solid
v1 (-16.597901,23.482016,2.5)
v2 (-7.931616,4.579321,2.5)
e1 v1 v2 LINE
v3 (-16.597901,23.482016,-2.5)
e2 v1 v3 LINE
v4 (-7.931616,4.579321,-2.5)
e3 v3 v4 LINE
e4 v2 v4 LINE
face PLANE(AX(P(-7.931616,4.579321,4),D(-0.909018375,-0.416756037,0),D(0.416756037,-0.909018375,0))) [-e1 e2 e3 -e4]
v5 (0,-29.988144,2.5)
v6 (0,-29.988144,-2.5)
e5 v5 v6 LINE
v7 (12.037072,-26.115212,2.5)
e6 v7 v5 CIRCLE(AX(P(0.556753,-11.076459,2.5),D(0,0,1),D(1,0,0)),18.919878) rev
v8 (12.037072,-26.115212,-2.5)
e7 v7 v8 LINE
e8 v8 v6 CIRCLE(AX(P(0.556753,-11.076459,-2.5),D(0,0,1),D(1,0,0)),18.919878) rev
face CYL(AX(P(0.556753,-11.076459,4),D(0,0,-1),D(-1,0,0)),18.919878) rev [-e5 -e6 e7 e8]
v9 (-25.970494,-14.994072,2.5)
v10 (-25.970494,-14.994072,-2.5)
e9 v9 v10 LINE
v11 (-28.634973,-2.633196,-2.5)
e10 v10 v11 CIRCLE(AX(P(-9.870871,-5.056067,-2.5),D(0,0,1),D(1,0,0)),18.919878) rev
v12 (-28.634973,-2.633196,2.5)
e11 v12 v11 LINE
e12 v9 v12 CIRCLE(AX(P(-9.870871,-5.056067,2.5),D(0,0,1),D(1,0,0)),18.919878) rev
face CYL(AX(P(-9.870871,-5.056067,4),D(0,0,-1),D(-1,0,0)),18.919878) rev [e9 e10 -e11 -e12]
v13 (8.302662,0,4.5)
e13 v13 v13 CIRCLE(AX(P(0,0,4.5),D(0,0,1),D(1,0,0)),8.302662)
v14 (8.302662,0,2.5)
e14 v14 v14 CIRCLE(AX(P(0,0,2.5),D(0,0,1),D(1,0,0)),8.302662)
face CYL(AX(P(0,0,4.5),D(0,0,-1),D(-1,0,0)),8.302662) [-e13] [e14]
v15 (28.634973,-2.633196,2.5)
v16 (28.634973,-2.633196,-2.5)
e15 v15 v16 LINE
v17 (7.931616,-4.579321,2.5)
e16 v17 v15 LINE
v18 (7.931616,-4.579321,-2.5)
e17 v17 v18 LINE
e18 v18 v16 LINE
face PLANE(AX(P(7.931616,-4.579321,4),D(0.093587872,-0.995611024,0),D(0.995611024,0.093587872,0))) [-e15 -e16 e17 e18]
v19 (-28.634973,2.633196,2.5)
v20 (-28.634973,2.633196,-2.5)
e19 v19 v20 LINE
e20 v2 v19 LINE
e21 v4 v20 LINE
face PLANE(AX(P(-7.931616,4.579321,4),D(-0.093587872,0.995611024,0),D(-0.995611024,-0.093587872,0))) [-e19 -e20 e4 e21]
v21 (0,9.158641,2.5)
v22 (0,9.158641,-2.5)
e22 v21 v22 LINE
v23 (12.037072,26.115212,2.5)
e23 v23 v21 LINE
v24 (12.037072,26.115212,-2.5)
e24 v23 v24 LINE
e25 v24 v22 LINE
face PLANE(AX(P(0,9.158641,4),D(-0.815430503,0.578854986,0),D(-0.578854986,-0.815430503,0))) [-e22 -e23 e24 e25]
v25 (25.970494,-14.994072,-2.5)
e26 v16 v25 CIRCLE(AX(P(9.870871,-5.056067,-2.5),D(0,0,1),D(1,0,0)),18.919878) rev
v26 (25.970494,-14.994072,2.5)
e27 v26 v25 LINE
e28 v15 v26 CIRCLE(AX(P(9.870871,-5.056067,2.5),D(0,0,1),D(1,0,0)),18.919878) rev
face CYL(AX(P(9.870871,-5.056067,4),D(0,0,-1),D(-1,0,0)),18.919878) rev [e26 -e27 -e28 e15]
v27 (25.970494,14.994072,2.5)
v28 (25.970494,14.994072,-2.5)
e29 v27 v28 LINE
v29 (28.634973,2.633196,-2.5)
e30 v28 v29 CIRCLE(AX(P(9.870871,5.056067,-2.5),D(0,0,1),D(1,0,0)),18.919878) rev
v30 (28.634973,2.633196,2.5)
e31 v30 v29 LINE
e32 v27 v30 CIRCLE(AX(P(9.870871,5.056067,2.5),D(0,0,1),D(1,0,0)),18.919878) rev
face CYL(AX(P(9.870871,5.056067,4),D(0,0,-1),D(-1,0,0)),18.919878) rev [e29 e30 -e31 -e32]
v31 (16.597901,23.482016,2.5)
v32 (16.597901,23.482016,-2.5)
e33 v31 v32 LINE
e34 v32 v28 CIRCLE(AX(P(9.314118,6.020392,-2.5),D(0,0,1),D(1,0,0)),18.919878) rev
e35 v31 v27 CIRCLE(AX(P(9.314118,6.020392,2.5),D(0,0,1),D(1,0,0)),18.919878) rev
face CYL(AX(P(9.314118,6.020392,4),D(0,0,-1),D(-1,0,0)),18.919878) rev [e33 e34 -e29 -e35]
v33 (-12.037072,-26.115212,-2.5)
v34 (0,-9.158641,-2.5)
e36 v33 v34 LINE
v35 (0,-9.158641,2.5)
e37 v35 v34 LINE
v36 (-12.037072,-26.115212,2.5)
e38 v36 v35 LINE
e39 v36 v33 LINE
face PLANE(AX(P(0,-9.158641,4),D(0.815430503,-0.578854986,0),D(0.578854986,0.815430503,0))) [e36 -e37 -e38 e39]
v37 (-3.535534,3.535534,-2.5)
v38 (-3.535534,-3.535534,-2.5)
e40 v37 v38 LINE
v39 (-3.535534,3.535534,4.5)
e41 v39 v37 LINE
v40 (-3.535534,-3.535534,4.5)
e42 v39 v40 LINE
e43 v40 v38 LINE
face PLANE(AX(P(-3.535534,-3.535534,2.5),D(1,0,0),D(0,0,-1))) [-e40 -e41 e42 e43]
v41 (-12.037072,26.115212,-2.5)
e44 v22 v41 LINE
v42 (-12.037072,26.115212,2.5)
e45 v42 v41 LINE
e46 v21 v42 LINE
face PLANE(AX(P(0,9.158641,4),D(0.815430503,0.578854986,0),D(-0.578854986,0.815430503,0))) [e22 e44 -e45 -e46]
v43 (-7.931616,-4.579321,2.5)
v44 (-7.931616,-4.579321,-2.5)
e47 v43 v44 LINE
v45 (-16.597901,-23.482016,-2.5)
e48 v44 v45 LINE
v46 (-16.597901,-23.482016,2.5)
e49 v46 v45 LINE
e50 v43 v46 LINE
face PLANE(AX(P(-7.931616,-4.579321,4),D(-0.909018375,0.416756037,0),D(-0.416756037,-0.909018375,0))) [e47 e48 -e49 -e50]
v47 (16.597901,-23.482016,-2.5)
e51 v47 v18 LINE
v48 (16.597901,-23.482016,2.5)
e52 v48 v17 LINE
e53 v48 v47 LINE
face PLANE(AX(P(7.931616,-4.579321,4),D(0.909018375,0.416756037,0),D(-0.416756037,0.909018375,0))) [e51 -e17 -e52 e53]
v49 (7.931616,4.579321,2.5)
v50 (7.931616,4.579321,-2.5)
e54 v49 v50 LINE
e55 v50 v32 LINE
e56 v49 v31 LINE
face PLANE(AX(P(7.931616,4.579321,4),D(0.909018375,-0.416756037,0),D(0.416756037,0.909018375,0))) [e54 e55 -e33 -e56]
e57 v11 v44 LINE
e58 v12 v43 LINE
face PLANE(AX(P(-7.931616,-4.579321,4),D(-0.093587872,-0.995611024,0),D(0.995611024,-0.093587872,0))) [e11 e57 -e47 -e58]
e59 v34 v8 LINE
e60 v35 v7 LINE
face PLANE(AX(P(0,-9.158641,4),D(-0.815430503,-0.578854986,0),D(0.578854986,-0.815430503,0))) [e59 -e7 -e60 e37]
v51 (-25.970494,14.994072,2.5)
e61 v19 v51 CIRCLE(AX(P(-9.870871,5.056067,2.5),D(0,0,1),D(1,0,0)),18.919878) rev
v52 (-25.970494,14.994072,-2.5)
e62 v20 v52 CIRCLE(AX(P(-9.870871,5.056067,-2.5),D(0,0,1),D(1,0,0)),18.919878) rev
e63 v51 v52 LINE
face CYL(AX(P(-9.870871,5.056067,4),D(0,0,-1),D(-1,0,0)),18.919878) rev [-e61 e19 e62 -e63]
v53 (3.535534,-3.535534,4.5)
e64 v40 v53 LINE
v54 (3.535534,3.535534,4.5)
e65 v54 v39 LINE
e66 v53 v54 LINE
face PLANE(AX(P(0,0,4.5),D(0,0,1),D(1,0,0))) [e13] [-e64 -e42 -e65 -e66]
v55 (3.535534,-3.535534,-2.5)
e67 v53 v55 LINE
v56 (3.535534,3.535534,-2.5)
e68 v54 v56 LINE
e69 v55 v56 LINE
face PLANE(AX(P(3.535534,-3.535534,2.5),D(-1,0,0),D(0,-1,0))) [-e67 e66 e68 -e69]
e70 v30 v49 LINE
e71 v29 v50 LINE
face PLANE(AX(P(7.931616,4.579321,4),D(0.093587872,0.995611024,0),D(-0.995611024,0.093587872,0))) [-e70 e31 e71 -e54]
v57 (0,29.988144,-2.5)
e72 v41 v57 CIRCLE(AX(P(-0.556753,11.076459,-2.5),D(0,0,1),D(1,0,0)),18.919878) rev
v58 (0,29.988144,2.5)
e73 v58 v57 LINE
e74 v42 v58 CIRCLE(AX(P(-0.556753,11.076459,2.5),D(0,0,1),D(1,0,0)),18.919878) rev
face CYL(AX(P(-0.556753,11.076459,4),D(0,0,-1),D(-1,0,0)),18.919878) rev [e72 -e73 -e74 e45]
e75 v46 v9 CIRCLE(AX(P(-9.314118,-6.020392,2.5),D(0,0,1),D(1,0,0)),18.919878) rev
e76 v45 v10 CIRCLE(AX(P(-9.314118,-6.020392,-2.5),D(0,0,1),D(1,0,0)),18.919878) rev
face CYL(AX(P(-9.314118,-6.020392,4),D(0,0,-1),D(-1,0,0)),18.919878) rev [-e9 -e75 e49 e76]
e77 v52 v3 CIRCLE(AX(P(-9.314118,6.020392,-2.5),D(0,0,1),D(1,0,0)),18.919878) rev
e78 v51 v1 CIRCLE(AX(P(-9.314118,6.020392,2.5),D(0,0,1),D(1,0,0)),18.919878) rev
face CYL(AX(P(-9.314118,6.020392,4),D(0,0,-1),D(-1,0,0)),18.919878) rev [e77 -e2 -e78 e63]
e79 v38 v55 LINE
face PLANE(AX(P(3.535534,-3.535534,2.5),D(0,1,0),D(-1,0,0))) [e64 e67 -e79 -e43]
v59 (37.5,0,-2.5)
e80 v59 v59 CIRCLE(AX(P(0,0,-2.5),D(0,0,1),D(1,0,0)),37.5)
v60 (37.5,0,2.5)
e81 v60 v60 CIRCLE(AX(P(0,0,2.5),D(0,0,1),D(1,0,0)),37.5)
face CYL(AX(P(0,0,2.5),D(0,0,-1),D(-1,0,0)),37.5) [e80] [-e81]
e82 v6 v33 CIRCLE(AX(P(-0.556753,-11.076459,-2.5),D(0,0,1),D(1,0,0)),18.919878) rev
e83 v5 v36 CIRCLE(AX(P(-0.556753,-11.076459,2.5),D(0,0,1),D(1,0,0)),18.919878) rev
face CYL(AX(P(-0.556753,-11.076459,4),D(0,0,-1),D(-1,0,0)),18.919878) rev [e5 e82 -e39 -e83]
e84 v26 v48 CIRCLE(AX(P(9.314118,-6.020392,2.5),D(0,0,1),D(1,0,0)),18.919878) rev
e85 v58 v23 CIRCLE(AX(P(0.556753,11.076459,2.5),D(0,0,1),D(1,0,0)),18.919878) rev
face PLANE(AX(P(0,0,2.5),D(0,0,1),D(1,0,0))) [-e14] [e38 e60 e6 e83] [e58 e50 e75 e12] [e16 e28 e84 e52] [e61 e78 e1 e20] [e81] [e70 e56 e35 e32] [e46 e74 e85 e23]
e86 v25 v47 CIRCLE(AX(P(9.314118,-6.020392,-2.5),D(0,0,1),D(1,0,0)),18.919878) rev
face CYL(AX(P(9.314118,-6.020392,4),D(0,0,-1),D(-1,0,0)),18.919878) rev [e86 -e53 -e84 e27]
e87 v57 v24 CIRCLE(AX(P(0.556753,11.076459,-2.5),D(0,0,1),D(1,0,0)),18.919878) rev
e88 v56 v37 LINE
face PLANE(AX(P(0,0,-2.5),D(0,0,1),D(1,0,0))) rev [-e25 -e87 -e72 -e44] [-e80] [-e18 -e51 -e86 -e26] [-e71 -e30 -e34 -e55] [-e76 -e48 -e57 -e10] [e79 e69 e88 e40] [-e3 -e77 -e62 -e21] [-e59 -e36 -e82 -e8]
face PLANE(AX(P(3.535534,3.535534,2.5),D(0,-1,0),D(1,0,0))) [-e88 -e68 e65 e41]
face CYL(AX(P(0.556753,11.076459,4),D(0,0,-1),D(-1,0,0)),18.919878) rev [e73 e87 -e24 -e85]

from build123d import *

# Parameters (mm, degrees)
SKETCH1_R           = 37.5
SKETCH1_W           = 7.071067812
SKETCH1_H           = 7.071067812
BOSS_EXTRUDE1_DEPTH = 2.5
CUT_EXTRUDE1_DEPTH  = 4
CIRPATTERN1_COUNT   = 6
SKETCH4_R           = 8.302662018
SKETCH4_W           = 7.071067812
SKETCH4_H           = 7.071067812
BOSS_EXTRUDE2_DEPTH = 2


with BuildPart() as part:
    # Sketch1 → Boss-Extrude1 (new, symmetric)
    with BuildSketch(Plane.XY):
        Circle(SKETCH1_R)
        Rectangle(SKETCH1_W, SKETCH1_H, mode=Mode.SUBTRACT)
    extrude(amount=BOSS_EXTRUDE1_DEPTH, both=True)

    # Sketch2 → Cut-Extrude1 (cut, symmetric)
    with BuildSketch(Plane.XY):
        with BuildLine():
            Line((0, 9.158641407), (-12.037071564, 26.115211784))
            ThreePointArc((-12.037071564, 26.115211784), (-6.351662121, 29.087034336), (0, 29.988143709))
            ThreePointArc((0, 29.988143709), (6.351662121, 29.087034336), (12.037071564, 26.115211784))
            Line((12.037071564, 26.115211784), (0, 9.158641407))
        make_face()
    cut_extrude1 = extrude(amount=CUT_EXTRUDE1_DEPTH, both=True, mode=Mode.SUBTRACT)

    # CirPattern1: Cut-Extrude1 ×6 about axis
    cirpattern1_axis = Axis((0, 0, 0), (0, 0, 1))
    for i in range(1, CIRPATTERN1_COUNT):
        add(cut_extrude1.rotate(cirpattern1_axis, i * 360 / CIRPATTERN1_COUNT), mode=Mode.SUBTRACT)

    # Sketch4 → Boss-Extrude2 (add)
    with BuildSketch(Plane.XY.offset(2.5)):
        Circle(SKETCH4_R)
        Rectangle(SKETCH4_W, SKETCH4_H, mode=Mode.SUBTRACT)
    extrude(amount=BOSS_EXTRUDE2_DEPTH)


solid = part.part
